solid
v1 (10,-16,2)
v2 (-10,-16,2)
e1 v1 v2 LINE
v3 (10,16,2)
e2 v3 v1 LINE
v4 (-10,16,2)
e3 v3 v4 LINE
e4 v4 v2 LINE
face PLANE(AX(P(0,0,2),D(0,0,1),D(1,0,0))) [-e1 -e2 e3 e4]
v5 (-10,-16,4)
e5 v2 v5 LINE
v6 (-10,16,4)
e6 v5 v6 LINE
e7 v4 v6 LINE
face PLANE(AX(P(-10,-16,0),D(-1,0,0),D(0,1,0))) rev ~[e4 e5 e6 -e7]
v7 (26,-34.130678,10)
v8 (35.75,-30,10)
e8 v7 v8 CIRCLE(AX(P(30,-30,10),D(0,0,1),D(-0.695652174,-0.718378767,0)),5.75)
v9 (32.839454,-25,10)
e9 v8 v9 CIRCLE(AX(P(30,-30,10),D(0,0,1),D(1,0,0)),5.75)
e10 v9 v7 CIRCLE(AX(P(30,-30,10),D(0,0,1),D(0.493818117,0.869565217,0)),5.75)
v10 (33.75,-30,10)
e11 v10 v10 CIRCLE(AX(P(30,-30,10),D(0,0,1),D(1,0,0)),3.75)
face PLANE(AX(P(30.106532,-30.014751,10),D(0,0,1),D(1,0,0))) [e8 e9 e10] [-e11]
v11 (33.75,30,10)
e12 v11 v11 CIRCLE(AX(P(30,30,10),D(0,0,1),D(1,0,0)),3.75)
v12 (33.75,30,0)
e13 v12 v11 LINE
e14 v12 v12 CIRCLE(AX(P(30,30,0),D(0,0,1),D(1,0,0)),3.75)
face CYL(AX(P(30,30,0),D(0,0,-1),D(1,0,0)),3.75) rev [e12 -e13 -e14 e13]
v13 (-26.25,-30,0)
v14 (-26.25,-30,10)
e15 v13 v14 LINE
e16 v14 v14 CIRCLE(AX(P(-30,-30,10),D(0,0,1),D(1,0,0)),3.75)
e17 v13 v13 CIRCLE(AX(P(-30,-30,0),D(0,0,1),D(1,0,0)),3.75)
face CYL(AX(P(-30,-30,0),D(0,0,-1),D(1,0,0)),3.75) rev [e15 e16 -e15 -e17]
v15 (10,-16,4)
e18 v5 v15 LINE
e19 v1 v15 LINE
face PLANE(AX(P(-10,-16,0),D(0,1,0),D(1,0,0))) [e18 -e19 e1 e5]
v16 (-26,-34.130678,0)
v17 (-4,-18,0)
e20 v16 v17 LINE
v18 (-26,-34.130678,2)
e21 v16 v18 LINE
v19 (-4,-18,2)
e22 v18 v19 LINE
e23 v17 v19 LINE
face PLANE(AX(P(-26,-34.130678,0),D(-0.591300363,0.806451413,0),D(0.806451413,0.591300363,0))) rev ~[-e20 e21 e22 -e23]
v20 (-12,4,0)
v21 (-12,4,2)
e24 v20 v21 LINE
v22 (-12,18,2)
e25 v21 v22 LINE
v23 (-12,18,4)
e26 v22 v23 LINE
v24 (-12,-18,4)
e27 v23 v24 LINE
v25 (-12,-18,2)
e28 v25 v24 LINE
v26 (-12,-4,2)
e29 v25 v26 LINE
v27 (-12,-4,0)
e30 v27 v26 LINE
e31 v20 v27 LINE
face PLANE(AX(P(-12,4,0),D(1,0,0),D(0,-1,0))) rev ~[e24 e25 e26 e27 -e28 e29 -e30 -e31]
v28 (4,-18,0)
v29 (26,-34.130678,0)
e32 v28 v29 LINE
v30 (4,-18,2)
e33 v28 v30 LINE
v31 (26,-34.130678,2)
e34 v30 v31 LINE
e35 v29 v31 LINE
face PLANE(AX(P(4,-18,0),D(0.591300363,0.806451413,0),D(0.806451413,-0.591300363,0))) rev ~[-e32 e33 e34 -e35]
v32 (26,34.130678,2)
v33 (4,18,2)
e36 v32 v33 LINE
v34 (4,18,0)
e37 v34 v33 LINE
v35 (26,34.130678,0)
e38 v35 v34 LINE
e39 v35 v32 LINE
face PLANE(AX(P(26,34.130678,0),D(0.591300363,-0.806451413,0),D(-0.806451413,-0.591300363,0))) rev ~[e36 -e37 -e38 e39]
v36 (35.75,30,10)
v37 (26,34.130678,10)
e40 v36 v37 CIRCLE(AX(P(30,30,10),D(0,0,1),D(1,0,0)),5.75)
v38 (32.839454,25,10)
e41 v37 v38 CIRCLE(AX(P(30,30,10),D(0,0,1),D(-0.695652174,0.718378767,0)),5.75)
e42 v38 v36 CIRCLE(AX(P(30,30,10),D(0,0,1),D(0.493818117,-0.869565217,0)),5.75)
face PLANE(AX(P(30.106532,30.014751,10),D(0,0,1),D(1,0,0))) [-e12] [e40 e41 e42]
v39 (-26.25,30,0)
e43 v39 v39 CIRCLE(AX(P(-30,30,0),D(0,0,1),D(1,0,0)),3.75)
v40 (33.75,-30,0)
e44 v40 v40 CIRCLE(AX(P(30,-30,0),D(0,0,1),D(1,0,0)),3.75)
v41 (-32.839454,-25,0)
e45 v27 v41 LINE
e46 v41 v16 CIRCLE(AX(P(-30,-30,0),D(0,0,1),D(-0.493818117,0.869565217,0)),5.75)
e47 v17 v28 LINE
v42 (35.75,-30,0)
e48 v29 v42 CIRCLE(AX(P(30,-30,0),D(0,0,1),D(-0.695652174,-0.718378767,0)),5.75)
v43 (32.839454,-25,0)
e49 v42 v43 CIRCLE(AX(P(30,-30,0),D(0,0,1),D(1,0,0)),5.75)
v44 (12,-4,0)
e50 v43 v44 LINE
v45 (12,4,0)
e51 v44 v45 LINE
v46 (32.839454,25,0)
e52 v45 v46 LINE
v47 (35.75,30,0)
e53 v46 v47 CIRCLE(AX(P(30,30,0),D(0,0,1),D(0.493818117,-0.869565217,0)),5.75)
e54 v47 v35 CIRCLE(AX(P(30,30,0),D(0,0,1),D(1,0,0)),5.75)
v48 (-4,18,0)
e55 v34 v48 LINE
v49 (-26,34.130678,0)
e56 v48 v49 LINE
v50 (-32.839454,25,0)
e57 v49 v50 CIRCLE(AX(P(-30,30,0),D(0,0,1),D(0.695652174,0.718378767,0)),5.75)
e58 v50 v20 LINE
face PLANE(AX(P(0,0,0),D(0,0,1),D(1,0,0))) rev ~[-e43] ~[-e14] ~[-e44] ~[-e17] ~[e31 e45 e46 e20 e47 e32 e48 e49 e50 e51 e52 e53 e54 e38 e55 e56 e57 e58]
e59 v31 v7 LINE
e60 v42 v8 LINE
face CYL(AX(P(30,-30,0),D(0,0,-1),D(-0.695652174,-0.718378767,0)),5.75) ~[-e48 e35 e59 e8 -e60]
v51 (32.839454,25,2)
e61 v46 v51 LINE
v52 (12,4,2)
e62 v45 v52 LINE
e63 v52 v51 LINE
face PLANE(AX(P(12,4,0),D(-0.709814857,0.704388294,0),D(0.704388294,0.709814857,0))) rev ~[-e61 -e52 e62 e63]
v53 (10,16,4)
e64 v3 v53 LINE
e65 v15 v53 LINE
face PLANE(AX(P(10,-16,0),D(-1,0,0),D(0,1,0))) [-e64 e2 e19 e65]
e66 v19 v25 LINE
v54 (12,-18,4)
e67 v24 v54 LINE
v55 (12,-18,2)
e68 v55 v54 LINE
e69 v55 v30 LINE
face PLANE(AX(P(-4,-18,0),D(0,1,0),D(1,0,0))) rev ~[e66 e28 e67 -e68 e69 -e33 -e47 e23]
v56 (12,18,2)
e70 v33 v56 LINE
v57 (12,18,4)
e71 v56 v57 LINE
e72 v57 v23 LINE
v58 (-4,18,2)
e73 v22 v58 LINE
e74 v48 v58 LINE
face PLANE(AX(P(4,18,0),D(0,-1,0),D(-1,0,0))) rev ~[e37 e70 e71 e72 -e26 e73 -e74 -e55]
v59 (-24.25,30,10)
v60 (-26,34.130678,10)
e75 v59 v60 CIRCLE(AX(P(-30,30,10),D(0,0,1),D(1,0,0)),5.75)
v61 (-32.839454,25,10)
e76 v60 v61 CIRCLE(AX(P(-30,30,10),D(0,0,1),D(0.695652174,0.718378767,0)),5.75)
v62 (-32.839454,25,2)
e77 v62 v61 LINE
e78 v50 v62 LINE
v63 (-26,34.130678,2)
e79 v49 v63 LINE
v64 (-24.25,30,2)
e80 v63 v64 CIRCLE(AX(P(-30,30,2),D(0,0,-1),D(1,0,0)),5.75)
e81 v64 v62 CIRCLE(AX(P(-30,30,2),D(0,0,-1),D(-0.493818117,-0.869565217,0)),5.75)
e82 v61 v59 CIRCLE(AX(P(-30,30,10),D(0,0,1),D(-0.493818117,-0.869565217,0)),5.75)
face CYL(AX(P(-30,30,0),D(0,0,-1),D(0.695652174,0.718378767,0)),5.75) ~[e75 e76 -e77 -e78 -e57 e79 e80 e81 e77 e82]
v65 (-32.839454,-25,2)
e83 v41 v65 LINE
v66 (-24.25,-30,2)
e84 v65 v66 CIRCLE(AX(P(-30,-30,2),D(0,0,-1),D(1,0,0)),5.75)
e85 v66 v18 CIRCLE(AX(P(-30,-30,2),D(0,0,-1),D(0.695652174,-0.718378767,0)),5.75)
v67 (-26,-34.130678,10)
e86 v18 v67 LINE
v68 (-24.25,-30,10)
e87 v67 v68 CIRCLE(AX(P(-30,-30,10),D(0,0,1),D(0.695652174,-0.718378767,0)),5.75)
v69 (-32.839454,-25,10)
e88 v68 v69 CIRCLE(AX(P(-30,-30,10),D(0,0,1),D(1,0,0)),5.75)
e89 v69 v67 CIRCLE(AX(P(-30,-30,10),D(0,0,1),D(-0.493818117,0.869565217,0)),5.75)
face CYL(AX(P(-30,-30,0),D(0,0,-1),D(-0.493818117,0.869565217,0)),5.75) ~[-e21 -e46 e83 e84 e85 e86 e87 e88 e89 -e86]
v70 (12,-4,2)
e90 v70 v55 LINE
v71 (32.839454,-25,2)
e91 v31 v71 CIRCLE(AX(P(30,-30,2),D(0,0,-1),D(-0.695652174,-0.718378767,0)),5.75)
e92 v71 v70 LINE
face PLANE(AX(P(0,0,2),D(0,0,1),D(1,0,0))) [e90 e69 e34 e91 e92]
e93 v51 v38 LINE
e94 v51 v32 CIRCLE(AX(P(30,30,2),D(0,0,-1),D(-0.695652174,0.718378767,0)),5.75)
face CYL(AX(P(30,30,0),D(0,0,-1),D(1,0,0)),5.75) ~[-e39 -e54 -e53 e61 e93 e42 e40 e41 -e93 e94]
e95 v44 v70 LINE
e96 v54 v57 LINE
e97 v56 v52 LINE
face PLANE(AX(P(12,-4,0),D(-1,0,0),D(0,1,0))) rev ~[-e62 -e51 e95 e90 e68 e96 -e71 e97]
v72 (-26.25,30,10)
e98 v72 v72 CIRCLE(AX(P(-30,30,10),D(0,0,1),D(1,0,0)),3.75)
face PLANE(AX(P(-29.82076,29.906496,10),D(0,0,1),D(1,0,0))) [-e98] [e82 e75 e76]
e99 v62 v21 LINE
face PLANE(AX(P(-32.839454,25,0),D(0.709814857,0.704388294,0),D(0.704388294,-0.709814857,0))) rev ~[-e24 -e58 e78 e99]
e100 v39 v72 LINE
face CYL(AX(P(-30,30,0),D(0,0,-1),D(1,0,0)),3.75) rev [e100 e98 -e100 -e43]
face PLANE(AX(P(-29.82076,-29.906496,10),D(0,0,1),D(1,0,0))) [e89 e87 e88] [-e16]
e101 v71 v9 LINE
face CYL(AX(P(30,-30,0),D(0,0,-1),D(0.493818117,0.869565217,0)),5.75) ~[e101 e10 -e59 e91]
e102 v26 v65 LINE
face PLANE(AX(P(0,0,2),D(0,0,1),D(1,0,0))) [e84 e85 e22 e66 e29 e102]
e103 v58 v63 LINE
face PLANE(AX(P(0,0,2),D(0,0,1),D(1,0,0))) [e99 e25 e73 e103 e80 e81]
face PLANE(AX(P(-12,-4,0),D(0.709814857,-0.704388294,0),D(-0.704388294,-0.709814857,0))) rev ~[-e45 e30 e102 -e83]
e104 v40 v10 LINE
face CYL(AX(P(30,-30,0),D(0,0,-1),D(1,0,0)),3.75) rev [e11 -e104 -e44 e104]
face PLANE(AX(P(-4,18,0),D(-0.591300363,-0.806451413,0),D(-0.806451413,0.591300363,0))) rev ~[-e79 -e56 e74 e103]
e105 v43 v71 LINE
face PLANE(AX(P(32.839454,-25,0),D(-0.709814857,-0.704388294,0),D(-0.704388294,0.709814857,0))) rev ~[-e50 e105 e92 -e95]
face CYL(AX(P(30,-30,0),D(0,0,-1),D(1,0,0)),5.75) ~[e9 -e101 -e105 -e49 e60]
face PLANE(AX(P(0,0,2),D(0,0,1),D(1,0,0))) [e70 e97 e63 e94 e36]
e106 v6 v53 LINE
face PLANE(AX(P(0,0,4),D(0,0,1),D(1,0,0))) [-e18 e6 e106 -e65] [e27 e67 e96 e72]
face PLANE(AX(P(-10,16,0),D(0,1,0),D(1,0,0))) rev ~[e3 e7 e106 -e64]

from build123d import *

# Parameters (mm, degrees)
F0_W     = 20
F0_H     = 32
F0_R     = 3.75
F1_DEPTH = 2
F2_DEPTH = 10
F3_DEPTH = 4


with BuildPart() as f1:
    # F0 (on Top) → F1 (new body)
    with BuildSketch(Plane.XY):
        Polygon((12, 4), (12, 18), (4, 18), (-4, 18), (-12, 18), (-12, 4), (-12, -4), (-12, -18), (-4, -18), (4, -18), (12, -18), (12, -4), align=None)
        Rectangle(F0_W, F0_H, mode=Mode.SUBTRACT)
        Rectangle(F0_W, F0_H)
        with BuildLine():
            Line((-12, 18), (-4, 18))
            Line((-4, 18), (-26, 34.1306779105))
            ThreePointArc((-26, 34.1306779105), (-24.7055453539, 32.2430448056), (-24.25, 30))
            ThreePointArc((-24.25, 30), (-27.1072816845, 25.0306257188), (-32.8394541729, 25))
            Line((-32.8394541729, 25), (-12, 4))
            Line((-12, 4), (-12, 18))
        make_face()
        with BuildLine():
            Line((4, 18), (12, 18))
            Line((12, 18), (12, 4))
            Line((12, 4), (32.8394541729, 25))
            ThreePointArc((32.8394541729, 25), (25.397931288, 26.552760007), (26, 34.1306779105))
            Line((26, 34.1306779105), (4, 18))
        make_face()
        with BuildLine():
            Line((32.8394541729, -25), (12, -4))
            Line((12, -4), (12, -18))
            Line((12, -18), (4, -18))
            Line((4, -18), (26, -34.1306779105))
            ThreePointArc((26, -34.1306779105), (25.397931288, -26.552760007), (32.8394541729, -25))
        make_face()
        with BuildLine():
            Line((-12, -18), (-12, -4))
            Line((-12, -4), (-32.8394541729, -25))
            ThreePointArc((-32.8394541729, -25), (-27.1072816845, -25.0306257188), (-24.25, -30))
            ThreePointArc((-24.25, -30), (-24.7055453539, -32.2430448056), (-26, -34.1306779105))
            Line((-26, -34.1306779105), (-4, -18))
            Line((-4, -18), (-12, -18))
        make_face()
        with BuildLine():
            ThreePointArc((-24.25, 30), (-24.7055453539, 32.2430448056), (-26, 34.1306779105))
            ThreePointArc((-26, 34.1306779105), (-34.602068712, 33.447239993), (-32.8394541729, 25))
            ThreePointArc((-32.8394541729, 25), (-27.1072816845, 25.0306257188), (-24.25, 30))
        make_face()
        with Locations((-30, 30)):
            Circle(F0_R, mode=Mode.SUBTRACT)
        with BuildLine():
            ThreePointArc((35.75, 30), (32.2430448056, 35.2944546461), (26, 34.1306779105))
            ThreePointArc((26, 34.1306779105), (25.397931288, 26.552760007), (32.8394541729, 25))
            ThreePointArc((32.8394541729, 25), (34.9693742812, 27.1072816845), (35.75, 30))
        make_face()
        with Locations((30, 30)):
            Circle(F0_R, mode=Mode.SUBTRACT)
        with BuildLine():
            ThreePointArc((-24.25, -30), (-27.1072816845, -25.0306257188), (-32.8394541729, -25))
            ThreePointArc((-32.8394541729, -25), (-34.602068712, -33.447239993), (-26, -34.1306779105))
            ThreePointArc((-26, -34.1306779105), (-24.7055453539, -32.2430448056), (-24.25, -30))
        make_face()
        with Locations((-30, -30)):
            Circle(F0_R, mode=Mode.SUBTRACT)
    extrude(amount=F1_DEPTH)

    # F0 (on Top) → F2 (join)
    with BuildSketch(Plane.XY):
        with BuildLine():
            ThreePointArc((-24.25, 30), (-24.7055453539, 32.2430448056), (-26, 34.1306779105))
            ThreePointArc((-26, 34.1306779105), (-34.602068712, 33.447239993), (-32.8394541729, 25))
            ThreePointArc((-32.8394541729, 25), (-27.1072816845, 25.0306257188), (-24.25, 30))
        make_face()
        with Locations((-30, 30)):
            Circle(F0_R, mode=Mode.SUBTRACT)
        with BuildLine():
            ThreePointArc((35.75, 30), (32.2430448056, 35.2944546461), (26, 34.1306779105))
            ThreePointArc((26, 34.1306779105), (25.397931288, 26.552760007), (32.8394541729, 25))
            ThreePointArc((32.8394541729, 25), (34.9693742812, 27.1072816845), (35.75, 30))
        make_face()
        with Locations((30, 30)):
            Circle(F0_R, mode=Mode.SUBTRACT)
        with BuildLine():
            ThreePointArc((35.75, -30), (34.9693742812, -27.1072816845), (32.8394541729, -25))
            ThreePointArc((32.8394541729, -25), (25.397931288, -26.552760007), (26, -34.1306779105))
            ThreePointArc((26, -34.1306779105), (32.2430448056, -35.2944546461), (35.75, -30))
        make_face()
        with Locations((30, -30)):
            Circle(F0_R, mode=Mode.SUBTRACT)
        with BuildLine():
            ThreePointArc((-24.25, -30), (-27.1072816845, -25.0306257188), (-32.8394541729, -25))
            ThreePointArc((-32.8394541729, -25), (-34.602068712, -33.447239993), (-26, -34.1306779105))
            ThreePointArc((-26, -34.1306779105), (-24.7055453539, -32.2430448056), (-24.25, -30))
        make_face()
        with Locations((-30, -30)):
            Circle(F0_R, mode=Mode.SUBTRACT)
    extrude(amount=F2_DEPTH)

    # F0 (on Top) → F3 (join)
    with BuildSketch(Plane.XY):
        Polygon((12, 4), (12, 18), (4, 18), (-4, 18), (-12, 18), (-12, 4), (-12, -4), (-12, -18), (-4, -18), (4, -18), (12, -18), (12, -4), align=None)
        Rectangle(F0_W, F0_H, mode=Mode.SUBTRACT)
    extrude(amount=F3_DEPTH)


solid = f1.part
